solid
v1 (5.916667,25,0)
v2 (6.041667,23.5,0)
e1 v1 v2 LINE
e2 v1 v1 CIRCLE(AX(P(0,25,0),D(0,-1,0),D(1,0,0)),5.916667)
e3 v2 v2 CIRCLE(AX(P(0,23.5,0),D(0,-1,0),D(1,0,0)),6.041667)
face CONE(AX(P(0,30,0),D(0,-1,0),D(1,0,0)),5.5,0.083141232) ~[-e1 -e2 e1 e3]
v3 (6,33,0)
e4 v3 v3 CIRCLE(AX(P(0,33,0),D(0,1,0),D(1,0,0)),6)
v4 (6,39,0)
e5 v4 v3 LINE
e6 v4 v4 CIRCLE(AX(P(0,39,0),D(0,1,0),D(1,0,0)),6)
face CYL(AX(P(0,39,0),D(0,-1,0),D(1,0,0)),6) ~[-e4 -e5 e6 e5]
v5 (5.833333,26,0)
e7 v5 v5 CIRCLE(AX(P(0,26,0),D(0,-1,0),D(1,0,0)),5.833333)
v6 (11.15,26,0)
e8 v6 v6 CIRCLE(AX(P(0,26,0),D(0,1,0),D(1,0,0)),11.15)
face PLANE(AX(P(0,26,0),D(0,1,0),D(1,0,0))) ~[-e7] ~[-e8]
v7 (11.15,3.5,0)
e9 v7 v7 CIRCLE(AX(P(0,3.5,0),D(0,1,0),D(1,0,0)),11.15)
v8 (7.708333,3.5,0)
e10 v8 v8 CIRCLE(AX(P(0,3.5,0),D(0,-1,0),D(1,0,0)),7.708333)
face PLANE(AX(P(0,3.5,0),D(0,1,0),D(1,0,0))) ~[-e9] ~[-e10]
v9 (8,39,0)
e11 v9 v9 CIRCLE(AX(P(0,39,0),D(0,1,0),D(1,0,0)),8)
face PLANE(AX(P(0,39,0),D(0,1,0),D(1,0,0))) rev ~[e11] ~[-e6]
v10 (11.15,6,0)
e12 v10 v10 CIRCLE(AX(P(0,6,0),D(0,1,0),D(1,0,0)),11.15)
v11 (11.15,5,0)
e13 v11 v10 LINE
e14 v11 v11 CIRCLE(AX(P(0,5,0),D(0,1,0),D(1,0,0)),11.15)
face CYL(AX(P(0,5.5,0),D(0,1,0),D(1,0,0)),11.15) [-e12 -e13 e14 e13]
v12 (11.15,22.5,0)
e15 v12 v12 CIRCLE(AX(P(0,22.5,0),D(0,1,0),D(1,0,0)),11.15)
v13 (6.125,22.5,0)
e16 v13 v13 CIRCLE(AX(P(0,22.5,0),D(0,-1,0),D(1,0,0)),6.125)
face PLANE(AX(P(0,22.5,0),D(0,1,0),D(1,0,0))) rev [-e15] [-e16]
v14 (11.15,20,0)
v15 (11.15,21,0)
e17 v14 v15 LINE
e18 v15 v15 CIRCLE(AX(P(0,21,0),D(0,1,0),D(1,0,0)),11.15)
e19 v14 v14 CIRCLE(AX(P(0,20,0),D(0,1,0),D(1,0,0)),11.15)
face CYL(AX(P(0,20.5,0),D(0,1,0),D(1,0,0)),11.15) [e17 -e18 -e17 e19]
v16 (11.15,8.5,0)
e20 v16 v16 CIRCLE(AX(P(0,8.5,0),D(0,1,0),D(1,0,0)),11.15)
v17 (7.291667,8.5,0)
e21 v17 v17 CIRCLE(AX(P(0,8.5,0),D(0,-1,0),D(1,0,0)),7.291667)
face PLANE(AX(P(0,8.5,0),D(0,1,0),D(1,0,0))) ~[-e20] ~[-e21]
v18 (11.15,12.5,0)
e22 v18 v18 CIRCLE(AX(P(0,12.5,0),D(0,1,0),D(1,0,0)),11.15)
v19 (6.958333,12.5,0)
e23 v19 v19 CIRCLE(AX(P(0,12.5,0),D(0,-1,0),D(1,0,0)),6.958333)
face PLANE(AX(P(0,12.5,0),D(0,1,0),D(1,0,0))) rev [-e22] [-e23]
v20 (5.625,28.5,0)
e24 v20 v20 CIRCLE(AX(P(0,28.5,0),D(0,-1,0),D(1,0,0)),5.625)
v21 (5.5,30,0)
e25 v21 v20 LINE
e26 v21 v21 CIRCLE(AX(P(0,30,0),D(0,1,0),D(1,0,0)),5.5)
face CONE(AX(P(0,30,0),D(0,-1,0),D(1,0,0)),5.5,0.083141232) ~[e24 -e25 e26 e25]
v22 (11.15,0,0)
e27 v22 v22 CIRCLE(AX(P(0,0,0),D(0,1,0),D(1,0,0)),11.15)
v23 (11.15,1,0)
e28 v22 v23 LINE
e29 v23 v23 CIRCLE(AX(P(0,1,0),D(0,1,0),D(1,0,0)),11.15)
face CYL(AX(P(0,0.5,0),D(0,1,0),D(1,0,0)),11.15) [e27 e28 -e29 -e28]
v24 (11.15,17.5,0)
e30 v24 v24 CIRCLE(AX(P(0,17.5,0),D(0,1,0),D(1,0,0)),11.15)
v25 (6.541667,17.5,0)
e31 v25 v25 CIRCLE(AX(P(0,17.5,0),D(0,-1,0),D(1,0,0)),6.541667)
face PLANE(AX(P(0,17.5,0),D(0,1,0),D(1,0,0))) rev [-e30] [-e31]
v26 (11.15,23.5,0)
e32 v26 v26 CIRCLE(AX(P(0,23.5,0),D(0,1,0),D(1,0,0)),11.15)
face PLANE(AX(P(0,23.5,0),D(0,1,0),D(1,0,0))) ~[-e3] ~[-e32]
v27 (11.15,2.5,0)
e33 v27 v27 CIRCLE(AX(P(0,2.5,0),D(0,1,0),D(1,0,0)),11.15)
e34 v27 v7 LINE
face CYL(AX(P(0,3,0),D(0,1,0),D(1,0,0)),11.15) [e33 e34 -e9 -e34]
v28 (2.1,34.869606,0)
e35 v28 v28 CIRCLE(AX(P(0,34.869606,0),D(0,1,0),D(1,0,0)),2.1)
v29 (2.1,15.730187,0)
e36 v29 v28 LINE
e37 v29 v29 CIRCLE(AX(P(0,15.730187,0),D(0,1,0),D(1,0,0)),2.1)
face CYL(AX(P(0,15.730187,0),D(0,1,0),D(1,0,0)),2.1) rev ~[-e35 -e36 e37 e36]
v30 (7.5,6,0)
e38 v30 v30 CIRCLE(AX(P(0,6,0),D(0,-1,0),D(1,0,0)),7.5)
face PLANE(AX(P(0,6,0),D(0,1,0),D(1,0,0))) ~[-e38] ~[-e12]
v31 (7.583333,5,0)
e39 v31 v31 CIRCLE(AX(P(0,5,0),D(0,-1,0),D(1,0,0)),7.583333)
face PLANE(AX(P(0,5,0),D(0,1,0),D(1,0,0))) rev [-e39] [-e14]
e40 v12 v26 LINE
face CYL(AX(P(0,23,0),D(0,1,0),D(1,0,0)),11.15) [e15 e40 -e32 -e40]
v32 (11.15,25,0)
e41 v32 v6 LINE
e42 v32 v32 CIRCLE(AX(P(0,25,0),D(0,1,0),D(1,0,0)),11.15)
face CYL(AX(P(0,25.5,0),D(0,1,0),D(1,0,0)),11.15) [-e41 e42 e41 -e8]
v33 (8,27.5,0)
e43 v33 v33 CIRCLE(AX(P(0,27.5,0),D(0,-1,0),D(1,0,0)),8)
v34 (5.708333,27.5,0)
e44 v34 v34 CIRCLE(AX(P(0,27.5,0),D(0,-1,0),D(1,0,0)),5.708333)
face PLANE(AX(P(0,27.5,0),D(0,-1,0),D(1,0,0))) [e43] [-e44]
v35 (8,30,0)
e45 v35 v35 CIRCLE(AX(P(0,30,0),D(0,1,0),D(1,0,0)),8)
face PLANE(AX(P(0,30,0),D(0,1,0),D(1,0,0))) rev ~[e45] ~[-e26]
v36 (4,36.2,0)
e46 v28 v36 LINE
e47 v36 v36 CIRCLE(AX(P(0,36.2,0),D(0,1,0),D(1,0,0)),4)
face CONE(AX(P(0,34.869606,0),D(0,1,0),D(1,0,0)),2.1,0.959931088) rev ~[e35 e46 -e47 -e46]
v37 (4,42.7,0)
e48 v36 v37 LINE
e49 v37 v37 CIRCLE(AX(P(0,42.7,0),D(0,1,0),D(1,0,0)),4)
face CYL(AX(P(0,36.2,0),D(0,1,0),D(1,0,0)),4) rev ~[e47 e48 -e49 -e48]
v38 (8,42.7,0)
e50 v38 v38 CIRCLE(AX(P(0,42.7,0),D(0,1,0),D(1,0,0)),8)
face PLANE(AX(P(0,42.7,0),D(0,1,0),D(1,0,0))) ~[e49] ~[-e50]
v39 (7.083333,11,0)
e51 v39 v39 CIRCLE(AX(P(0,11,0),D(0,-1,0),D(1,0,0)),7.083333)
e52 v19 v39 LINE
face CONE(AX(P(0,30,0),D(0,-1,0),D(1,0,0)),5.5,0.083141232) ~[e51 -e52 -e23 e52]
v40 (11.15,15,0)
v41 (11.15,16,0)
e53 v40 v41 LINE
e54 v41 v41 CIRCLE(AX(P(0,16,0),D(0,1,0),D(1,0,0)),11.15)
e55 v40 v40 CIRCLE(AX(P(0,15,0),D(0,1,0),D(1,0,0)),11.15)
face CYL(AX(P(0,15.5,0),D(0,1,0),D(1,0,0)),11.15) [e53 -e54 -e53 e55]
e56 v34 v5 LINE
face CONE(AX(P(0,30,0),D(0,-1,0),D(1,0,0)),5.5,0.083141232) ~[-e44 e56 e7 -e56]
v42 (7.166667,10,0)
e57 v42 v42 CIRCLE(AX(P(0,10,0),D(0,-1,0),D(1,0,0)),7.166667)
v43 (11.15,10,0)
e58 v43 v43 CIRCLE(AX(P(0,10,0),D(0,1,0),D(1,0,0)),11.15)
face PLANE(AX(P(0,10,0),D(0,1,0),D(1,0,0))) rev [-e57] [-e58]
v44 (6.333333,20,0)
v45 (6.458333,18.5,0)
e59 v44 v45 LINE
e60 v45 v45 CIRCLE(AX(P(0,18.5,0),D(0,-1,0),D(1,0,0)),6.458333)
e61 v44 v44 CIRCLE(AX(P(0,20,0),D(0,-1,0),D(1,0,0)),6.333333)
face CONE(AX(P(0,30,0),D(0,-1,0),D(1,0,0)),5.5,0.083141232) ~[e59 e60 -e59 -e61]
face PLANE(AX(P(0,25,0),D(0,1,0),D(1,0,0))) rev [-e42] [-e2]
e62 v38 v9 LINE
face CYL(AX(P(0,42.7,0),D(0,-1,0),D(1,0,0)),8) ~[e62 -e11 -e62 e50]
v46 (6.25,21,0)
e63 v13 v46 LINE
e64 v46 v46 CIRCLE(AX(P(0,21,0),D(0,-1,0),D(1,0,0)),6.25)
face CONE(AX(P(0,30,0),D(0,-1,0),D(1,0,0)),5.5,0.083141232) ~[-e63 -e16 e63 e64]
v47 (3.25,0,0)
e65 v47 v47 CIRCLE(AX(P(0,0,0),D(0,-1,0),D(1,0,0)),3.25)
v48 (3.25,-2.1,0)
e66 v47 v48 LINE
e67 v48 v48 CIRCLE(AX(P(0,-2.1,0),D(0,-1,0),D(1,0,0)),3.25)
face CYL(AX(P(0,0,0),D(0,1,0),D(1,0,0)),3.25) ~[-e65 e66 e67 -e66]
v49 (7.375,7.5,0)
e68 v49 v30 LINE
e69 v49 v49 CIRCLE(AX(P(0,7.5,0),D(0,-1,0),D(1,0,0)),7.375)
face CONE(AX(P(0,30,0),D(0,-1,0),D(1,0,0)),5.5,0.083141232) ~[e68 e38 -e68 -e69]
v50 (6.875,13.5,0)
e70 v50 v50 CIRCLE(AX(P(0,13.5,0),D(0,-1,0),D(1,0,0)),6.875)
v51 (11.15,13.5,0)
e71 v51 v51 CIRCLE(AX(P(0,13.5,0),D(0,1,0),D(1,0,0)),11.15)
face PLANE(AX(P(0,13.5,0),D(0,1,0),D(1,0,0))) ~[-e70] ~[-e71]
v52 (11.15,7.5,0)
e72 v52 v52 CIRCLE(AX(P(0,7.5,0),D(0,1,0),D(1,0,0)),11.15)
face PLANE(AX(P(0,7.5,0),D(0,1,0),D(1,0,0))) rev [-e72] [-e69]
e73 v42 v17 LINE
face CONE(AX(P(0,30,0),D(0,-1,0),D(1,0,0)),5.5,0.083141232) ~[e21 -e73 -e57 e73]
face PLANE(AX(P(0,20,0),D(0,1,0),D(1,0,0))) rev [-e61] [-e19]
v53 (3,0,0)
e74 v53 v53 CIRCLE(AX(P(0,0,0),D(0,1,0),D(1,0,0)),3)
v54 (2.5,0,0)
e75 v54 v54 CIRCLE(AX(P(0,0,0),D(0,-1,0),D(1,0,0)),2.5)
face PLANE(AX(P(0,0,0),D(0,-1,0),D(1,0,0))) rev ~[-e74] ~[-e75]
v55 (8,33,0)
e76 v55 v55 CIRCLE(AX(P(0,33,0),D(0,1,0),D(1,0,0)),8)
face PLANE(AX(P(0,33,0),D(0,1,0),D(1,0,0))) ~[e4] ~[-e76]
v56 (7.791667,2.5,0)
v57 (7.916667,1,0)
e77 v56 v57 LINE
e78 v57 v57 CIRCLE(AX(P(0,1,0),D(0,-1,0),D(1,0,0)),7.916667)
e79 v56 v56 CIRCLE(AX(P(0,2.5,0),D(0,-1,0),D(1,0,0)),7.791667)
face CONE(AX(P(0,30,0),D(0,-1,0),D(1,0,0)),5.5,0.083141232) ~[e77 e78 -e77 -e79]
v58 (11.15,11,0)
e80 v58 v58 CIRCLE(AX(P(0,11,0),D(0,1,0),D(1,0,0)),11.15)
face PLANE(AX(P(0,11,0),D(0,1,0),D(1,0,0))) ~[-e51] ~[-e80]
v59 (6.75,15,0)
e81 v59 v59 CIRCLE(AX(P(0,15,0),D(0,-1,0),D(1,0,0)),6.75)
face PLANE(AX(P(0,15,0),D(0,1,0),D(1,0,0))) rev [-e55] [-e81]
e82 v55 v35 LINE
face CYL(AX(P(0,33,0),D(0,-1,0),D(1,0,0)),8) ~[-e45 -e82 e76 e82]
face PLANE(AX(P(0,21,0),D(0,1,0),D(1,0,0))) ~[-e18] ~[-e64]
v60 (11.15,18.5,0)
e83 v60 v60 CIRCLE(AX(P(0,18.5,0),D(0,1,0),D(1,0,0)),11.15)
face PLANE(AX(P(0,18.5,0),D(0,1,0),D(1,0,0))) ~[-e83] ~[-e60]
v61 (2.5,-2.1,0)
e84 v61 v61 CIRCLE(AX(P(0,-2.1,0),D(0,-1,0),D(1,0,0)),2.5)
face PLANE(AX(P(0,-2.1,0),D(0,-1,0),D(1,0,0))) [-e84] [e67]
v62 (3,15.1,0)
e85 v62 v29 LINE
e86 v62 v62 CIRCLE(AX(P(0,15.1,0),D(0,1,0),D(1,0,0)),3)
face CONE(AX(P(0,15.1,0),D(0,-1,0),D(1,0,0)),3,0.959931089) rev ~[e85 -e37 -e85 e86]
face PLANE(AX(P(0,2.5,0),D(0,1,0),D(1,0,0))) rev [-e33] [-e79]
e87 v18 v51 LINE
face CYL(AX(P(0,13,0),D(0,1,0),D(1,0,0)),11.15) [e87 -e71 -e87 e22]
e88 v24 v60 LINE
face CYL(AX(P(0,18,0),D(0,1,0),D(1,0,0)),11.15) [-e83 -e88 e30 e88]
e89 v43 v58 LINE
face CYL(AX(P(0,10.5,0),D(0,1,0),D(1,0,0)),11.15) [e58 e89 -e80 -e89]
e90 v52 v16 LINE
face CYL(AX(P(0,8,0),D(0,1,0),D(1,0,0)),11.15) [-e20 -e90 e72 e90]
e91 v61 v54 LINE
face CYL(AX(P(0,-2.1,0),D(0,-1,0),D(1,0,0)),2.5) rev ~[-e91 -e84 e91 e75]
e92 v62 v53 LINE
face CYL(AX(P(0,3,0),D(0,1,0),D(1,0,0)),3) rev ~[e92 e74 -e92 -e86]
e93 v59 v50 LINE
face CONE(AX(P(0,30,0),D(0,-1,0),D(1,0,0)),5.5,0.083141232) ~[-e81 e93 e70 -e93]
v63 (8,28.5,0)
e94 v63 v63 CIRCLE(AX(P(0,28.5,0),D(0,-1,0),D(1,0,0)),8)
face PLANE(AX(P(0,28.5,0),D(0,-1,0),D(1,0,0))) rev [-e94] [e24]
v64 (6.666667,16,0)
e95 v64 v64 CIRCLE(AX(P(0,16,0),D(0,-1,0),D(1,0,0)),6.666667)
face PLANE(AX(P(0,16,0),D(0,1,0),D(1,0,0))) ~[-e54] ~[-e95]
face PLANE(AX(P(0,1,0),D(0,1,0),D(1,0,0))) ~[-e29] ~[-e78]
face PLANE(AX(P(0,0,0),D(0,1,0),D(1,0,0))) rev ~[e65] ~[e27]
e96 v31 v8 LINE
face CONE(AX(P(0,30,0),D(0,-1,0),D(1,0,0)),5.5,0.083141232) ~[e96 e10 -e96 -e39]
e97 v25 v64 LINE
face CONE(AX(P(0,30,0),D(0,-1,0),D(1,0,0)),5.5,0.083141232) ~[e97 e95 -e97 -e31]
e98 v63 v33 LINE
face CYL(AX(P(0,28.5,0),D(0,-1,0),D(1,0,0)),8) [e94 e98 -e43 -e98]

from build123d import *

# Parameters (mm, degrees)
SKETCH2_W           = 8.15
SKETCH2_H           = 1
LPATTERN1_COUNT     = 11
LPATTERN1_PITCH     = 2.5
SKETCH4_R           = 3.25
BOSS_EXTRUDE1_DEPTH = 2.1
SKETCH5_R           = 2.5
CUT_EXTRUDE1_DEPTH  = 2.1


with BuildPart() as part:
    # Sketch1 → Revolve1 (revolve)
    with BuildSketch(Plane.XY):
        Polygon((3, 0), (3, 15.1), (2.1, 15.730186784), (2.1, 34.869605677), (4, 36.2), (4, 42.7), (8, 42.7), (8, 39), (6, 39), (6, 33), (8, 33), (8, 30), (5.5, 30), (8, 0), align=None)
    revolve(axis=Axis((0, 0, 0), (0, 1, 0)))

    # Sketch2 → Revolve2 (revolve)
    with BuildSketch(Plane.XY):
        with Locations((7.075, 0.5)):
            Rectangle(SKETCH2_W, SKETCH2_H)
    revolve2 = revolve(axis=Axis((0, 0, 0), (0, 1, 0)))

    # LPattern1: Revolve2 ×11
    with Locations(*[(0, i * LPATTERN1_PITCH, 0) for i in range(1, LPATTERN1_COUNT)]):
        add(revolve2)

    # Sketch3 → Revolve3 (revolve)
    with BuildSketch(Plane.XY):
        Polygon((5.625, 28.5), (8, 28.5), (8, 27.5), (5.708333333, 27.5), align=None)
    revolve(axis=Axis((0, 0, 0), (0, -1, 0)))

    # Sketch4 → Boss-Extrude1 (add)
    with BuildSketch(Plane.XZ):
        Circle(SKETCH4_R)
    extrude(amount=BOSS_EXTRUDE1_DEPTH)

    # Sketch5 → Cut-Extrude1 (cut)
    with BuildSketch(Plane.XZ.offset(2.1)):
        Circle(SKETCH5_R)
    extrude(amount=-CUT_EXTRUDE1_DEPTH, mode=Mode.SUBTRACT)


solid = part.part
